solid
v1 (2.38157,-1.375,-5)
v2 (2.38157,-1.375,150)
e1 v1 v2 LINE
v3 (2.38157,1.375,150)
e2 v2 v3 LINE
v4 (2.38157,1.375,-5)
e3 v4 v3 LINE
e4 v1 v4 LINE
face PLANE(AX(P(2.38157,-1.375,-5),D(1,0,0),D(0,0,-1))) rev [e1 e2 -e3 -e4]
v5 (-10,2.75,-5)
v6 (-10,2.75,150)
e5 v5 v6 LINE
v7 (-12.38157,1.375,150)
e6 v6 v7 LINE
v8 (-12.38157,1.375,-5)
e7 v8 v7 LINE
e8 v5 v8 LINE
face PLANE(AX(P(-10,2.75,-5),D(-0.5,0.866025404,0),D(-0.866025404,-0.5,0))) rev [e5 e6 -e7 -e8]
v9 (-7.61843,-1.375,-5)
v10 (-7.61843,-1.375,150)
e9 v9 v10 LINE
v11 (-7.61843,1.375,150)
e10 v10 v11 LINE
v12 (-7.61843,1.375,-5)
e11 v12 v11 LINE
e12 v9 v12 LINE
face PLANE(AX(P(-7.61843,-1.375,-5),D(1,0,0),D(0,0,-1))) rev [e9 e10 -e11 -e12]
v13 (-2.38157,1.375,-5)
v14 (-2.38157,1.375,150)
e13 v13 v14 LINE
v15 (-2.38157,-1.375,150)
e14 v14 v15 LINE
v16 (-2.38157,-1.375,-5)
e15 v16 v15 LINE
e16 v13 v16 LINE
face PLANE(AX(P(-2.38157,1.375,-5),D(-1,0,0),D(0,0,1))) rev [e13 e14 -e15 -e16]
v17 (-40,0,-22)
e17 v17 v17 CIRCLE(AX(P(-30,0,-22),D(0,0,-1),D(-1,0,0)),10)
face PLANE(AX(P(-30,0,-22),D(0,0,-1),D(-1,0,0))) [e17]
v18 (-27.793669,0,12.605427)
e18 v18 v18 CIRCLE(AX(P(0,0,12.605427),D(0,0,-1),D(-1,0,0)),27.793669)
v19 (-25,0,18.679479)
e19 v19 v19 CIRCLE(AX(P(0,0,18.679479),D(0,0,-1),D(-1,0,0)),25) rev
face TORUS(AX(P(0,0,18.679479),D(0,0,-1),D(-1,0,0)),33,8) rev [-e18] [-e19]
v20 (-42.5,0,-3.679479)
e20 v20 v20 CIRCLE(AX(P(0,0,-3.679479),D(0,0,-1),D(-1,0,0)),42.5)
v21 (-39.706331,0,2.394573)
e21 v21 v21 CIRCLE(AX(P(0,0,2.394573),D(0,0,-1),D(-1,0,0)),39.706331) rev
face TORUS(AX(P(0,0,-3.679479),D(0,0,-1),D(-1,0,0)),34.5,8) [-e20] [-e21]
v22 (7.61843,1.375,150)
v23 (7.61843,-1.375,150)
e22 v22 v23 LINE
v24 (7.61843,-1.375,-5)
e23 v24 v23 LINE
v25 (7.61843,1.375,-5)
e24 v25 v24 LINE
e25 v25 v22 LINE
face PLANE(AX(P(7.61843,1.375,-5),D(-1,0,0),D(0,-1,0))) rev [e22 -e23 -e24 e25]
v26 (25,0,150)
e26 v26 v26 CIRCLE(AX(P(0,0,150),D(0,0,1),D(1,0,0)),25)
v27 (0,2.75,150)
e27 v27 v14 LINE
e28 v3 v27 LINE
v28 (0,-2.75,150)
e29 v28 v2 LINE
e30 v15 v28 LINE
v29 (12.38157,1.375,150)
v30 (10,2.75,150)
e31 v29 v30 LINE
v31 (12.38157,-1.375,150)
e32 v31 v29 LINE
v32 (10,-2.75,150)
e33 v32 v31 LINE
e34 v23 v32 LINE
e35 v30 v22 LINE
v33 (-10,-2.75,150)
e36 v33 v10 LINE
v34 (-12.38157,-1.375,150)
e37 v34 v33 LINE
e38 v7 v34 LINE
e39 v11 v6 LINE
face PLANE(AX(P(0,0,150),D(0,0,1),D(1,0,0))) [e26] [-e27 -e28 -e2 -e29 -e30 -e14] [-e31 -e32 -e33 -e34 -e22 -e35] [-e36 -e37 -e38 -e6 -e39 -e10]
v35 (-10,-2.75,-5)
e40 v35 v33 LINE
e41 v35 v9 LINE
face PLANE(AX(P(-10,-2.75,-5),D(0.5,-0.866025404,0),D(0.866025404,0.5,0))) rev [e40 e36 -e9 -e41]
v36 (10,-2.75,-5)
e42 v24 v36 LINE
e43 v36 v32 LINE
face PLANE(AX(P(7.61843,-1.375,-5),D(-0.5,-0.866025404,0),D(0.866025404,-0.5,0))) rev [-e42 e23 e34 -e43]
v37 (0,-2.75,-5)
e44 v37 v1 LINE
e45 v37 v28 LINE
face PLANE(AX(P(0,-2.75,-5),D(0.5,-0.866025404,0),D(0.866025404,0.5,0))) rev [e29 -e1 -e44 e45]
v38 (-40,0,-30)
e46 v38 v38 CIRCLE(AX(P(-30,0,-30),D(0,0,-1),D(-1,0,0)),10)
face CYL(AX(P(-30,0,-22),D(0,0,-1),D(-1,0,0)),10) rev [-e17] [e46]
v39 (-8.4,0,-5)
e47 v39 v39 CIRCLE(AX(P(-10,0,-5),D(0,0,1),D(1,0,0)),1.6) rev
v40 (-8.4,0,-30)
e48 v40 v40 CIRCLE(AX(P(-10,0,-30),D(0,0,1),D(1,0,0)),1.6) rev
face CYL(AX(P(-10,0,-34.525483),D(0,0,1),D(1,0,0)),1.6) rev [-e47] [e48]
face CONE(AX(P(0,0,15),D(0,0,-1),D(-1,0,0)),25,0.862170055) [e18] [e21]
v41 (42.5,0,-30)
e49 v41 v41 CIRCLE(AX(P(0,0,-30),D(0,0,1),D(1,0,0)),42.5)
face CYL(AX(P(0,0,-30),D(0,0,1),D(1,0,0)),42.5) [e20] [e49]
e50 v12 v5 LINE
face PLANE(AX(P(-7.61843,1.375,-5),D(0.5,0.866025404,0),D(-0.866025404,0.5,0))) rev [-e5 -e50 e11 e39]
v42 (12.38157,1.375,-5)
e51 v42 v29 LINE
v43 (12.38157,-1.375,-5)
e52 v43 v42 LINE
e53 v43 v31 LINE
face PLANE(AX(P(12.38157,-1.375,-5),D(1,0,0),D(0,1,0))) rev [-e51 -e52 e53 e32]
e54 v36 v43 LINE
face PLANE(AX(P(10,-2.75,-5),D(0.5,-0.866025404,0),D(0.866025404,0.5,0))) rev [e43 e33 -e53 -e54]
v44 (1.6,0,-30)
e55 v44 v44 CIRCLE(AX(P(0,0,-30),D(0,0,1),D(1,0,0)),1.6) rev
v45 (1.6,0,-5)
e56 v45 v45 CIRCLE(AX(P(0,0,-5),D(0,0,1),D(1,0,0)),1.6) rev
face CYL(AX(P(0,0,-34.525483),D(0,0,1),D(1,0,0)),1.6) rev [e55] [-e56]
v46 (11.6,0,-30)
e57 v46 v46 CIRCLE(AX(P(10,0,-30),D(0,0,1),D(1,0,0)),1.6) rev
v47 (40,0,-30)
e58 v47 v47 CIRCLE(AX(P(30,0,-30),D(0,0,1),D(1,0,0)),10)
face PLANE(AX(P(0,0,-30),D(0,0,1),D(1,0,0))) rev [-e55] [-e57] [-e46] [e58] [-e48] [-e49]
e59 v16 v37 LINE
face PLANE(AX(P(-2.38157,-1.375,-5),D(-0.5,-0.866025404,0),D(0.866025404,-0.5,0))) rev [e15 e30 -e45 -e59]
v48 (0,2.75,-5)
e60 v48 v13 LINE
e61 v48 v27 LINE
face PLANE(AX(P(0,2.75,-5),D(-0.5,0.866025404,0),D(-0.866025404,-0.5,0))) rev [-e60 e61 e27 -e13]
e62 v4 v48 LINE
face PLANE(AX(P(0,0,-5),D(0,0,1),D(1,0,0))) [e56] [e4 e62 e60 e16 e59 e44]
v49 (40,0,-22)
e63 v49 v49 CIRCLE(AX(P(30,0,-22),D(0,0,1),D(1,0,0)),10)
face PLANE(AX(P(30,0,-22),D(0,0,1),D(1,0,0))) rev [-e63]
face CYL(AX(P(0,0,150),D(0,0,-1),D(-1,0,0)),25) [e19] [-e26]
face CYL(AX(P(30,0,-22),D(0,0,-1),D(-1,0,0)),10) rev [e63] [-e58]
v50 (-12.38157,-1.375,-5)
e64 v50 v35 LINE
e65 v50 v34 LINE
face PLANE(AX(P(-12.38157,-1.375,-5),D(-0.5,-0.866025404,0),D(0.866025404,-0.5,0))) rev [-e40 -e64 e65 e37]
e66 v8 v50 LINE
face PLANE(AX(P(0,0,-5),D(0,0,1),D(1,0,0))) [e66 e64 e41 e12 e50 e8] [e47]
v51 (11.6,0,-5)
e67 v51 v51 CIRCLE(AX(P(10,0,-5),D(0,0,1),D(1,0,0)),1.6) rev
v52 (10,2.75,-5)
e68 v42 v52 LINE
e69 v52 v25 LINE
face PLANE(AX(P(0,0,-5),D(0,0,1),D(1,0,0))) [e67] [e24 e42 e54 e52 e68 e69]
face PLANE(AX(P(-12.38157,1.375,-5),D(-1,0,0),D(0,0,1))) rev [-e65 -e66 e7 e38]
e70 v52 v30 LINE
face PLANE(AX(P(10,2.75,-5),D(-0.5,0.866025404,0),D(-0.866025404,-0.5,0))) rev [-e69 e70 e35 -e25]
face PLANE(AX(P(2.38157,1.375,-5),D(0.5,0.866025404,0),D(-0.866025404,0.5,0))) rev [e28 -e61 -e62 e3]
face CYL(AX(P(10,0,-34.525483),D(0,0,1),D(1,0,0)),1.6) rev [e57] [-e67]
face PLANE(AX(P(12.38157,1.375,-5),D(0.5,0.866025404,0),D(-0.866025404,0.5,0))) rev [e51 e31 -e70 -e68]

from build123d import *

# Parameters (mm, degrees)
SKETCH1_R           = 25
BOSS_EXTRUDE1_DEPTH = 150
SKETCH2_R           = 42.5
BOSS_EXTRUDE2_DEPTH = 30
FILLET4_R           = 8
FILLET5_R           = 8
SKETCH4_R           = 1.6
CUT_EXTRUDE1_DEPTH  = 30
CUT_EXTRUDE4_DEPTH  = 155
SKETCH6_R           = 10
CUT_EXTRUDE5_DEPTH  = 8


with BuildPart() as part:
    # Sketch1 → Boss-Extrude1 (new body)
    with BuildSketch(Plane.XY):
        Circle(SKETCH1_R)
    extrude(amount=BOSS_EXTRUDE1_DEPTH)

    # Sketch2 → Boss-Extrude2 (add)
    with BuildSketch(Plane.XY):
        Circle(SKETCH2_R)
    extrude(amount=-BOSS_EXTRUDE2_DEPTH)

    # Sketch3 → Revolve1 (revolve)
    with BuildSketch(Plane(origin=(0, 0, 0), x_dir=(1, 0, 0), z_dir=(0, 1, 0))):
        Polygon((25, 0), (25, -15), (42.5, 0), align=None)
    revolve(axis=Axis((0, 0, 0), (0, 0, 1)))

    # Fillet4
    fillet4_edges = [part.edges().sort_by_distance(p)[0] for p in [
        (-25, 0, 15),
    ]]
    fillet(fillet4_edges, radius=FILLET4_R)

    # Fillet5
    fillet5_edges = [part.edges().sort_by_distance(p)[0] for p in [
        (-42.5, 0, 0),
    ]]
    fillet(fillet5_edges, radius=FILLET5_R)

    # Sketch4 → Cut-Extrude1 (cut)
    with BuildSketch(Plane.XY):
        Circle(SKETCH4_R)
        with Locations((-10, 0)):
            Circle(SKETCH4_R)
        with Locations((10, 0)):
            Circle(SKETCH4_R)
    extrude(amount=-CUT_EXTRUDE1_DEPTH, mode=Mode.SUBTRACT)

    # Sketch5 → Cut-Extrude4 (cut)
    with BuildSketch(Plane.XY.offset(150)):
        Polygon((-7.61843014, -1.375), (-7.61843014, 1.375), (-10, 2.75), (-12.38156986, 1.375), (-12.38156986, -1.375), (-10, -2.75), align=None)
        Polygon((0, -2.75), (2.38156986, -1.375), (2.38156986, 1.375), (0, 2.75), (-2.38156986, 1.375), (-2.38156986, -1.375), align=None)
        Polygon((10, -2.75), (12.38156986, -1.375), (12.38156986, 1.375), (10, 2.75), (7.61843014, 1.375), (7.61843014, -1.375), align=None)
    extrude(amount=-CUT_EXTRUDE4_DEPTH, mode=Mode.SUBTRACT)

    # Sketch6 → Cut-Extrude5 (cut)
    with BuildSketch(Plane(origin=(0, 0, -30), x_dir=(-1, 0, 0), z_dir=(0, 0, -1))):
        with Locations((30, 0)):
            Circle(SKETCH6_R)
        with Locations((-30, 0)):
            Circle(SKETCH6_R)
    extrude(amount=-CUT_EXTRUDE5_DEPTH, mode=Mode.SUBTRACT)


solid = part.part
